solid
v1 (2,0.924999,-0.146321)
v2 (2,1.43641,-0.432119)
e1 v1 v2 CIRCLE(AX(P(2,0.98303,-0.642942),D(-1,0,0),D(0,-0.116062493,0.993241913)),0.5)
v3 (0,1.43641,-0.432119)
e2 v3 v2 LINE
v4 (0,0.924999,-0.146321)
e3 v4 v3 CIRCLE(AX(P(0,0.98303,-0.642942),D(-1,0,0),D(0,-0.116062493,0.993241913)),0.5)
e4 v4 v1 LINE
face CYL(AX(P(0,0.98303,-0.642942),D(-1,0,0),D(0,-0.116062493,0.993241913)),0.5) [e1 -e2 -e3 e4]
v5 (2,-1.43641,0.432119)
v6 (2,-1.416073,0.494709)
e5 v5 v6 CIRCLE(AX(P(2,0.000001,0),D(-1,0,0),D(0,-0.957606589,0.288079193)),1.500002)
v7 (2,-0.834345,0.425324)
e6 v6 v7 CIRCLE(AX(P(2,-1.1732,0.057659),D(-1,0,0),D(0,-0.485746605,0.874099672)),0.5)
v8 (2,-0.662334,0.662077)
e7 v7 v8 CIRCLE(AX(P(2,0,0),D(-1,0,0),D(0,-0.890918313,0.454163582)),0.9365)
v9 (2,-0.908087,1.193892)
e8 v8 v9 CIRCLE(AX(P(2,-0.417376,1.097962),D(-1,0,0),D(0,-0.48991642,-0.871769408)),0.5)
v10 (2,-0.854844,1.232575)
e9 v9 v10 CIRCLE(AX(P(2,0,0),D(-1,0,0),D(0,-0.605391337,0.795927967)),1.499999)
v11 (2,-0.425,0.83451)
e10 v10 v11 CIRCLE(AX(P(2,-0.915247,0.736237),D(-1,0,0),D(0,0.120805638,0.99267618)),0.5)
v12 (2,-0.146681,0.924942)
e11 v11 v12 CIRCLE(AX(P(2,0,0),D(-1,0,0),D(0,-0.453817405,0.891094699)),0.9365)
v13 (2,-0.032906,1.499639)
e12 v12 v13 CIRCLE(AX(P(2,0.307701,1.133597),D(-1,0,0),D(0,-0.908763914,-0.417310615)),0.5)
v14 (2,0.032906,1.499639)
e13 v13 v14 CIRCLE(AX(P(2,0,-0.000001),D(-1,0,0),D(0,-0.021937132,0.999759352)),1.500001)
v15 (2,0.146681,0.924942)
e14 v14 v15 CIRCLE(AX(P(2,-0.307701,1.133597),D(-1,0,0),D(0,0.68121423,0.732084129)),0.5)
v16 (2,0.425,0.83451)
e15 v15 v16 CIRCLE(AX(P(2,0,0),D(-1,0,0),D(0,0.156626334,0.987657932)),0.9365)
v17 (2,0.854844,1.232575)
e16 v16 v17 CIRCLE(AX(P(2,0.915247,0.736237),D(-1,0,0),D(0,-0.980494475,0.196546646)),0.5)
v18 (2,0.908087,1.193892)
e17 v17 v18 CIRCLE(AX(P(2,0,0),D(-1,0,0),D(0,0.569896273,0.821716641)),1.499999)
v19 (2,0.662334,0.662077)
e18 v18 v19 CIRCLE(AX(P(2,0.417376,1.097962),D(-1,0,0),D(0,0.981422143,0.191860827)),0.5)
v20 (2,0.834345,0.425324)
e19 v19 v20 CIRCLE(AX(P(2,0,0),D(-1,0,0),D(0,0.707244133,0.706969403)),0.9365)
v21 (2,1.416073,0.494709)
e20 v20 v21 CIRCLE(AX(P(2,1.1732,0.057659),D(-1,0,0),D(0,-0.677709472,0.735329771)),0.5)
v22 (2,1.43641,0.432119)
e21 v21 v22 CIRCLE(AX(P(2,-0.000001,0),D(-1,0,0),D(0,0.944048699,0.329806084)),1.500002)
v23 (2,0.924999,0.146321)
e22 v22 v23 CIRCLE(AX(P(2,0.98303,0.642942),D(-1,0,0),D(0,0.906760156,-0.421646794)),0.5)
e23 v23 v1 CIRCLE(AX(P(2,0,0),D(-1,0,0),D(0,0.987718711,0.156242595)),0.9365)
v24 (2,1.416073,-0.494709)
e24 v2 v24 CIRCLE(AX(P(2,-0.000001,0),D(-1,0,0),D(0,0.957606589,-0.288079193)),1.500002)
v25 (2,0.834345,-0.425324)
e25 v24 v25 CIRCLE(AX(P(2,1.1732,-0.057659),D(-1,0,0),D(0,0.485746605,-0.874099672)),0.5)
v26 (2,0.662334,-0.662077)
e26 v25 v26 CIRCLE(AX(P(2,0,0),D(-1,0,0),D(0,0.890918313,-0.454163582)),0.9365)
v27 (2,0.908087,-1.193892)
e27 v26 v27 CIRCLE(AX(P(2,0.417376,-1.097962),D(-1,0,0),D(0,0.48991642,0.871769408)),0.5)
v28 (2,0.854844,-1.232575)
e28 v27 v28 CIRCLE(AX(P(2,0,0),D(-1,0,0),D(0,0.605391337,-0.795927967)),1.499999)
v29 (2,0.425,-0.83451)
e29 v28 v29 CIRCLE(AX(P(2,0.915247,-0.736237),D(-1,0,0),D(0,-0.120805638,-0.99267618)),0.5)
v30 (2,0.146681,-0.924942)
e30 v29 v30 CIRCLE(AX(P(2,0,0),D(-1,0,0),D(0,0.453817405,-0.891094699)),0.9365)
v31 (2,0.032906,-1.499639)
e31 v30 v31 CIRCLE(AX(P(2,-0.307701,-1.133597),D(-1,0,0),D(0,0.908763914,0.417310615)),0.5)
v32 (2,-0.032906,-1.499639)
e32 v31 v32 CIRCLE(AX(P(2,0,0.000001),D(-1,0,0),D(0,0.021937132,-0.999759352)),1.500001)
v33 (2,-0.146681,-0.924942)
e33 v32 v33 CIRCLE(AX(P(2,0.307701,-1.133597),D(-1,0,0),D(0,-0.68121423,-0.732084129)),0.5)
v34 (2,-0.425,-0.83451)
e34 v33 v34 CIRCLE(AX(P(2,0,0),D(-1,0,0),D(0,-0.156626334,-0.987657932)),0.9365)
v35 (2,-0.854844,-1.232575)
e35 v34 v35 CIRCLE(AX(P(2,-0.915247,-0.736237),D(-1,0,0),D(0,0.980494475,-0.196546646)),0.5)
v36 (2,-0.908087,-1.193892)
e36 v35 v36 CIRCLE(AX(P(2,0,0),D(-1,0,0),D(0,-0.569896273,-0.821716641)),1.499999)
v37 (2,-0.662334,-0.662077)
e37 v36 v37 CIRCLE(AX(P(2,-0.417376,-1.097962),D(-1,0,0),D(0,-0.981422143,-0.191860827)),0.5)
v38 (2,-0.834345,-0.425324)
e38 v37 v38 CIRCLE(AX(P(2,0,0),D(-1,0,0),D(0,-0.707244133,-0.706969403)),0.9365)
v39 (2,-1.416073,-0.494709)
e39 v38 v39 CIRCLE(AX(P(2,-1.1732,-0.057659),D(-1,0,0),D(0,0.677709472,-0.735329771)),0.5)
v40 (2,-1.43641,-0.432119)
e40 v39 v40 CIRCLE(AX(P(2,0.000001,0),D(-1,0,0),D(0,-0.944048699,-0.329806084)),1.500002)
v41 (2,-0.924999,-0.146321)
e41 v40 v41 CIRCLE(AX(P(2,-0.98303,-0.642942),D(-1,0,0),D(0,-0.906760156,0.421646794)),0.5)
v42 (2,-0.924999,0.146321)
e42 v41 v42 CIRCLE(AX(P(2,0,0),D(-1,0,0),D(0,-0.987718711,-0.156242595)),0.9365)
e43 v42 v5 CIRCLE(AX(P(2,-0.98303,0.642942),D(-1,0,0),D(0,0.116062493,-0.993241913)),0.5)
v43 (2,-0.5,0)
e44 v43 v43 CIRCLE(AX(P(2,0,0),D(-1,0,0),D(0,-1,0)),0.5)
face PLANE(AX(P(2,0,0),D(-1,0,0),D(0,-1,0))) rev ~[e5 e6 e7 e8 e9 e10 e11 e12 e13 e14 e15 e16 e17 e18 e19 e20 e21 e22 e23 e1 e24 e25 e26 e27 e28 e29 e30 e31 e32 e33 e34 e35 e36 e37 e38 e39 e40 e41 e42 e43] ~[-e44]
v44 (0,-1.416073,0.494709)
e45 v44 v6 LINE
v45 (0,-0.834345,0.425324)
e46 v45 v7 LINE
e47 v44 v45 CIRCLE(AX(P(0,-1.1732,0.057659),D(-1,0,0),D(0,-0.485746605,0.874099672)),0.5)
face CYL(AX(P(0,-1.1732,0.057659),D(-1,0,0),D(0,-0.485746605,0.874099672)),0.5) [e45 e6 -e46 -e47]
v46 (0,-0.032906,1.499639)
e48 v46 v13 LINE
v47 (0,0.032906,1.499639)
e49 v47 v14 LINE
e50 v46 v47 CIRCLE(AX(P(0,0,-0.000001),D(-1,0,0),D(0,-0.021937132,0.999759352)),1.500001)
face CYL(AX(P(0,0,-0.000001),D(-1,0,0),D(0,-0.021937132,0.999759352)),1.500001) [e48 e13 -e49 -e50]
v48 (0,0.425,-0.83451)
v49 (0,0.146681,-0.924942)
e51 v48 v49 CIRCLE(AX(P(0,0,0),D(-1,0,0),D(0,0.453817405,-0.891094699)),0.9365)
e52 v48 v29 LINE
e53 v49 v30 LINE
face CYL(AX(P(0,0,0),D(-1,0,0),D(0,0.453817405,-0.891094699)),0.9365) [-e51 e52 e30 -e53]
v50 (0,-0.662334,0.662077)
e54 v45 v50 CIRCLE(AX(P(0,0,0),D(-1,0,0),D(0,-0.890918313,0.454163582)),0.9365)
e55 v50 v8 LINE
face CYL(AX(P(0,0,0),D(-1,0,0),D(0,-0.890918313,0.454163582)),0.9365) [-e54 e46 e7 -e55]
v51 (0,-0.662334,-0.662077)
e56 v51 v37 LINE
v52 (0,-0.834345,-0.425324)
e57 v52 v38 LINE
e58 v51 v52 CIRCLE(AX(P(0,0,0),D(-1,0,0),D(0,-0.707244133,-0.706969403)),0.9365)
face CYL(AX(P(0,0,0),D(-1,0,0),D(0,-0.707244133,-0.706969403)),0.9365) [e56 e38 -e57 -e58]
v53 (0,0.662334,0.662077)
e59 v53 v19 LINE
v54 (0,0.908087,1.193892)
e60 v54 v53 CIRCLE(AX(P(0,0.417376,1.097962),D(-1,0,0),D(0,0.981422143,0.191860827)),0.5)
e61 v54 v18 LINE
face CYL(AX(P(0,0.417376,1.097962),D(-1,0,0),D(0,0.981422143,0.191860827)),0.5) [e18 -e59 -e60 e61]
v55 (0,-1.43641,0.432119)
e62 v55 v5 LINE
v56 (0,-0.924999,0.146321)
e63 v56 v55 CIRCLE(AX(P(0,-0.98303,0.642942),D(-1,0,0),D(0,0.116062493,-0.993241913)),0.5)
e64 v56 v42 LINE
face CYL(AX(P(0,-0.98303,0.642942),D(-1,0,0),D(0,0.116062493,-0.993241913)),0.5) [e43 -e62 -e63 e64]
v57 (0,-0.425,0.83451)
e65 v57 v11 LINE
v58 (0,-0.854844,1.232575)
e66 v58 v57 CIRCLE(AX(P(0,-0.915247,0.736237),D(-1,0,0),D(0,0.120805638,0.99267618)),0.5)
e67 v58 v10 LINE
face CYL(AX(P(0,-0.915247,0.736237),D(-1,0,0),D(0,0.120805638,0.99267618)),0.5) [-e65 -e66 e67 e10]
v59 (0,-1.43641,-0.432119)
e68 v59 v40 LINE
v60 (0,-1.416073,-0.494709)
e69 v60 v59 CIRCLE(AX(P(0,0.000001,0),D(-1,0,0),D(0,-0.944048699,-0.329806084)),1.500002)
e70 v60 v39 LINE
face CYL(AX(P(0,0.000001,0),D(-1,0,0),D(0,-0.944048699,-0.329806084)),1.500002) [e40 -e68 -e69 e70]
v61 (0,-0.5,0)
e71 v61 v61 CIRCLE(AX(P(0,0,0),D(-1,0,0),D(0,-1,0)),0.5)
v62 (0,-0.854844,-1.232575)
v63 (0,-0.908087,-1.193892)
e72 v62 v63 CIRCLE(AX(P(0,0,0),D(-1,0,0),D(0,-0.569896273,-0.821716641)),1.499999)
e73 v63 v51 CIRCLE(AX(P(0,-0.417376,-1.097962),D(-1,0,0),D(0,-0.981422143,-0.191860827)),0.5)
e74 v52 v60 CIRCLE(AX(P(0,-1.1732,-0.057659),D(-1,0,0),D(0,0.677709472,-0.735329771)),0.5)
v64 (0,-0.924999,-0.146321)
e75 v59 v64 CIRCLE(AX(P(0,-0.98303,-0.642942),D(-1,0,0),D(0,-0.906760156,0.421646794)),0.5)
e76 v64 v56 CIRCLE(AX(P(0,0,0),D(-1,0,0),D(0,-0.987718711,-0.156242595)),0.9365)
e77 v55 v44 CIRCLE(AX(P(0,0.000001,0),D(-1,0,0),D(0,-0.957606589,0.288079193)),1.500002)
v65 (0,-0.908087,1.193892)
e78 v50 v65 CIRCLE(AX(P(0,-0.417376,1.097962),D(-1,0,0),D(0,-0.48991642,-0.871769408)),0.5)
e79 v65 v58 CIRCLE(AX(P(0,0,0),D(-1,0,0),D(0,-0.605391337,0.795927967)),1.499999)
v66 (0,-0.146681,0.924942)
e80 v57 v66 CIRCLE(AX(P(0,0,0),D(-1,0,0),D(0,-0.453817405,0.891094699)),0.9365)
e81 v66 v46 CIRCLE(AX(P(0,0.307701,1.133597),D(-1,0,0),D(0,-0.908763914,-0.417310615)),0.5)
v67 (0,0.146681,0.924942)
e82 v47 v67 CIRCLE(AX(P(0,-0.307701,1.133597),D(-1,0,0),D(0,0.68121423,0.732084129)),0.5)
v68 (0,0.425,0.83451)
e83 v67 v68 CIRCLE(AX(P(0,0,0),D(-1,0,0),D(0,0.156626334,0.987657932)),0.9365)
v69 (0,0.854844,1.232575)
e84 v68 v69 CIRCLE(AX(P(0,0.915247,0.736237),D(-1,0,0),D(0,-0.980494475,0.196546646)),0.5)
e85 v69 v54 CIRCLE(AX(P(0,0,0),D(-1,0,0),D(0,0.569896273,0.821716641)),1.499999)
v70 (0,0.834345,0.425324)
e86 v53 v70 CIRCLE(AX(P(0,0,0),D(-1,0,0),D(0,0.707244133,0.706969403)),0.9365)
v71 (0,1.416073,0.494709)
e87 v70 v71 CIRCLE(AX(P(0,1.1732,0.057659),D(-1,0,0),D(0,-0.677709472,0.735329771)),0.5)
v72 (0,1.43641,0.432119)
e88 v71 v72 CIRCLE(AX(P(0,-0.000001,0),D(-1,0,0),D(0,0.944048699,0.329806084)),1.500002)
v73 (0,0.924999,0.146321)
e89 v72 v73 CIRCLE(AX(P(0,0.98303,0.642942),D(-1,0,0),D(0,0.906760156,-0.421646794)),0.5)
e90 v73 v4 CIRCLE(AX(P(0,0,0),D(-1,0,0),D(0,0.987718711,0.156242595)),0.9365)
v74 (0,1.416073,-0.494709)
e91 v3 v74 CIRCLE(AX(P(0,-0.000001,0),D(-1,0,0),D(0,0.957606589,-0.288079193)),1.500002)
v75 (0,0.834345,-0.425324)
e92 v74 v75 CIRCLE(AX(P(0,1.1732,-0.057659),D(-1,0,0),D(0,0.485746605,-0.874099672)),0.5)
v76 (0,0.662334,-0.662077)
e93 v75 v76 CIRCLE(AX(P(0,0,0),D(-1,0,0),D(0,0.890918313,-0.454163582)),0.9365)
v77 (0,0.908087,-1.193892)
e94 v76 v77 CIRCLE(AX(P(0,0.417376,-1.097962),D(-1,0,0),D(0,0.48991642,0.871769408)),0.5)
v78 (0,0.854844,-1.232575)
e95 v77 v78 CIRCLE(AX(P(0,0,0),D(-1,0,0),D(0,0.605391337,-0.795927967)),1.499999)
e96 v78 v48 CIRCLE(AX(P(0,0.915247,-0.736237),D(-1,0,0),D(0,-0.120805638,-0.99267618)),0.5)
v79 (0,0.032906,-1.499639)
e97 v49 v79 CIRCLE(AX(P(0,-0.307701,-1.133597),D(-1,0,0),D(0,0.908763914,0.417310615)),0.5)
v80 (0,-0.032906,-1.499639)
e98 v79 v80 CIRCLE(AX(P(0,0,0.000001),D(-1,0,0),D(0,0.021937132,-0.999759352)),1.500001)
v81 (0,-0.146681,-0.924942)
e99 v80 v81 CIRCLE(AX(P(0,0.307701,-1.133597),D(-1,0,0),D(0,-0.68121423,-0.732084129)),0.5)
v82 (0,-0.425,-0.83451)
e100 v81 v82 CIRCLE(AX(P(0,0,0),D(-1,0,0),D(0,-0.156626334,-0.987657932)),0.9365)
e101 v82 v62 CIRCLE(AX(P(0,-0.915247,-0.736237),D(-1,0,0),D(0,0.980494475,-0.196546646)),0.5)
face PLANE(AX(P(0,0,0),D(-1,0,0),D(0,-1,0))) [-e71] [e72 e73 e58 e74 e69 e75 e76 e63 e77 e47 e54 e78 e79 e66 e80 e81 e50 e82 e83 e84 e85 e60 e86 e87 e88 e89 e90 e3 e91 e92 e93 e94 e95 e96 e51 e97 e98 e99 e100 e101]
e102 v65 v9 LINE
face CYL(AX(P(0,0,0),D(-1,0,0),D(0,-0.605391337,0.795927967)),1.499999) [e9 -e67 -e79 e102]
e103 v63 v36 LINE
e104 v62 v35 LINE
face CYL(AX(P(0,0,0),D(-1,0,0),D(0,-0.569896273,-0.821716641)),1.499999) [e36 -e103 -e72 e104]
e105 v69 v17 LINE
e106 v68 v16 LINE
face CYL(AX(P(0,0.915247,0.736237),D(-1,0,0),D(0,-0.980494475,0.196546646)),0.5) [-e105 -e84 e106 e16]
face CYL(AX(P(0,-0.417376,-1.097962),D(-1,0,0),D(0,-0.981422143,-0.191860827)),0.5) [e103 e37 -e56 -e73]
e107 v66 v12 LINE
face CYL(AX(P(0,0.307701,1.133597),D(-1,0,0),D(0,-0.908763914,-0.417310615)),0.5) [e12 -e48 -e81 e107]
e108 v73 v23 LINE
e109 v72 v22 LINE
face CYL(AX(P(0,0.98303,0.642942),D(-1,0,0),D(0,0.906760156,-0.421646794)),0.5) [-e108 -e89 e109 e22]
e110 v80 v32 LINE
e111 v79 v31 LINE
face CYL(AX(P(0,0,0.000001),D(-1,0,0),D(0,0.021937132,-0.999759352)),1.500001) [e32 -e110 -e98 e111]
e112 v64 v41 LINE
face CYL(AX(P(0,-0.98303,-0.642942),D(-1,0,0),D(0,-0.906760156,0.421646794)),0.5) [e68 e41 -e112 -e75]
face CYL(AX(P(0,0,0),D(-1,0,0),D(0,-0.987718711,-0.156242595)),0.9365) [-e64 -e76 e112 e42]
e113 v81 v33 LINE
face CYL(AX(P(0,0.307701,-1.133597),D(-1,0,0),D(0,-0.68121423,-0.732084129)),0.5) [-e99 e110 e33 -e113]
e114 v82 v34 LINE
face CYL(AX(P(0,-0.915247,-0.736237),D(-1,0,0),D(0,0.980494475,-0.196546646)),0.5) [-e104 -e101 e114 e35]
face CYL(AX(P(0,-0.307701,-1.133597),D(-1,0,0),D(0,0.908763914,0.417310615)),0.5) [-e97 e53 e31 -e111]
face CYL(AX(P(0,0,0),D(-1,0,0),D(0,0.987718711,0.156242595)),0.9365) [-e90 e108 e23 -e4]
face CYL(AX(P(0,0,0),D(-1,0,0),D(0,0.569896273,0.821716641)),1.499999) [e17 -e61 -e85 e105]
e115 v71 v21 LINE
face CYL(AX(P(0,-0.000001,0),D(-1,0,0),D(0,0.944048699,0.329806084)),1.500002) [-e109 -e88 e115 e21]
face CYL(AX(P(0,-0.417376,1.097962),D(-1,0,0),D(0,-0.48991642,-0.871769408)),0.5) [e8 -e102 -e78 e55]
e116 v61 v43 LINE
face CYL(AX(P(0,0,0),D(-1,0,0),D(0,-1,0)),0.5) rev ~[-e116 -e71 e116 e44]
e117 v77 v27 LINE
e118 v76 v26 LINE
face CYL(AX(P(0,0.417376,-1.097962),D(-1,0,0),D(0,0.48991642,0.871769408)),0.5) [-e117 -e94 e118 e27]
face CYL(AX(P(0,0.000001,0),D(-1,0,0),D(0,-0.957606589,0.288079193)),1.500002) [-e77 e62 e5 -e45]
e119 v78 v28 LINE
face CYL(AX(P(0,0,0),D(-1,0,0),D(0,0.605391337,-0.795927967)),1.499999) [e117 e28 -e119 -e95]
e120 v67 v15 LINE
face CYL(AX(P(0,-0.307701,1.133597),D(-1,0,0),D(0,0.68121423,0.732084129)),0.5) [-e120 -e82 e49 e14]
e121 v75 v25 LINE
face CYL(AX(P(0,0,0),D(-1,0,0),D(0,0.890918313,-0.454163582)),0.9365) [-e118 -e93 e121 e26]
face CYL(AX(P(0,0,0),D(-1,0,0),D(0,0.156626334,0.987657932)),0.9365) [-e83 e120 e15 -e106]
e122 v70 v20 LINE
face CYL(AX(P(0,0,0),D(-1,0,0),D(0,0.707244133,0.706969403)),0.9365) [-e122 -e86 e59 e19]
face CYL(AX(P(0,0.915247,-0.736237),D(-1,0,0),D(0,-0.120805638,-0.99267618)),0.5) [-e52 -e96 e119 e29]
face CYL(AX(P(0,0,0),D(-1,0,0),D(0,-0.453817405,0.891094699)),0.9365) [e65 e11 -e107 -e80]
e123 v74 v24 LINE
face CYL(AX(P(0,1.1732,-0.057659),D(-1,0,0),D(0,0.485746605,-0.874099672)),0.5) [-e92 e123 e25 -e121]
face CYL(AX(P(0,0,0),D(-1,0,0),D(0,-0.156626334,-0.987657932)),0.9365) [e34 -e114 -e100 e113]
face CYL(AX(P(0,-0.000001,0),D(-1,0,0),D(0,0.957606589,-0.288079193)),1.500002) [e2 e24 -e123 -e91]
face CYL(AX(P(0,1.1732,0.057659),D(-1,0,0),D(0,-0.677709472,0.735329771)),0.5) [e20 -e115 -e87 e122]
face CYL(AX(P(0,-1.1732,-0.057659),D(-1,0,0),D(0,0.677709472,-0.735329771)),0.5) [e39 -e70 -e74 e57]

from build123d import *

# Parameters (mm, degrees)
ESQUISSE1_R        = 0.5
BOSS_EXTRU_1_DEPTH = 2


with BuildPart() as part:
    # Esquisse1 → Boss.-Extru.1 (new body)
    with BuildSketch(Plane(origin=(0, 0, 0), x_dir=(0, -1, 0), z_dir=(-1, 0, 0))):
        with BuildLine():
            ThreePointArc((-0.908086992, -1.193891961), (-0.881677878, -1.213525492), (-0.854844416, -1.232574957))
            ThreePointArc((-0.854844416, -1.232574957), (-0.575515338, -1.103091387), (-0.424999995, -0.834510188))
            ThreePointArc((-0.424999995, -0.834510188), (-0.289394415, -0.890664428), (-0.146680563, -0.924941654))
            ThreePointArc((-0.146680563, -0.924941654), (-0.18277916, -1.230699107), (-0.032905721, -1.499639028))
            ThreePointArc((-0.032905721, -1.499639028), (0, -1.5), (0.032905721, -1.499639028))
            ThreePointArc((0.032905721, -1.499639028), (0.18277916, -1.230699107), (0.146680563, -0.924941654))
            ThreePointArc((0.146680563, -0.924941654), (0.289394415, -0.890664428), (0.424999995, -0.834510188))
            ThreePointArc((0.424999995, -0.834510188), (0.575515338, -1.103091387), (0.854844416, -1.232574957))
            ThreePointArc((0.854844416, -1.232574957), (0.881677878, -1.213525492), (0.908086992, -1.193891961))
            ThreePointArc((0.908086992, -1.193891961), (0.871258232, -0.888221597), (0.662334131, -0.662076845))
            ThreePointArc((0.662334131, -0.662076845), (0.757644415, -0.550460889), (0.834345, -0.425324195))
            ThreePointArc((0.834345, -0.425324195), (1.113982538, -0.55414025), (1.416073042, -0.494709146))
            ThreePointArc((1.416073042, -0.494709146), (1.426584774, -0.463525492), (1.436409897, -0.432118744))
            ThreePointArc((1.436409897, -0.432118744), (1.226946272, -0.206473627), (0.924998573, -0.146321185))
            ThreePointArc((0.924998573, -0.146321185), (0.9365, 0), (0.924998573, 0.146321185))
            ThreePointArc((0.924998573, 0.146321185), (1.226946272, 0.206473627), (1.436409897, 0.432118744))
            ThreePointArc((1.436409897, 0.432118744), (1.426584774, 0.463525492), (1.416073042, 0.494709146))
            ThreePointArc((1.416073042, 0.494709146), (1.113982538, 0.55414025), (0.834345, 0.425324195))
            ThreePointArc((0.834345, 0.425324195), (0.757644415, 0.550460889), (0.662334131, 0.662076845))
            ThreePointArc((0.662334131, 0.662076845), (0.871258232, 0.888221597), (0.908086992, 1.193891961))
            ThreePointArc((0.908086992, 1.193891961), (0.881677878, 1.213525492), (0.854844416, 1.232574957))
            ThreePointArc((0.854844416, 1.232574957), (0.575515338, 1.103091387), (0.424999995, 0.834510188))
            ThreePointArc((0.424999995, 0.834510188), (0.289394415, 0.890664428), (0.146680563, 0.924941654))
            ThreePointArc((0.146680563, 0.924941654), (0.18277916, 1.230699107), (0.032905721, 1.499639028))
            ThreePointArc((0.032905721, 1.499639028), (0, 1.5), (-0.032905721, 1.499639028))
            ThreePointArc((-0.032905721, 1.499639028), (-0.18277916, 1.230699107), (-0.146680563, 0.924941654))
            ThreePointArc((-0.146680563, 0.924941654), (-0.289394415, 0.890664428), (-0.424999995, 0.834510188))
            ThreePointArc((-0.424999995, 0.834510188), (-0.575515338, 1.103091387), (-0.854844416, 1.232574957))
            ThreePointArc((-0.854844416, 1.232574957), (-0.881677878, 1.213525492), (-0.908086992, 1.193891961))
            ThreePointArc((-0.908086992, 1.193891961), (-0.871258232, 0.888221597), (-0.662334131, 0.662076845))
            ThreePointArc((-0.662334131, 0.662076845), (-0.757644415, 0.550460889), (-0.834345, 0.425324195))
            ThreePointArc((-0.834345, 0.425324195), (-1.113982538, 0.55414025), (-1.416073042, 0.494709146))
            ThreePointArc((-1.416073042, 0.494709146), (-1.426584774, 0.463525492), (-1.436409897, 0.432118744))
            ThreePointArc((-1.436409897, 0.432118744), (-1.226946272, 0.206473627), (-0.924998573, 0.146321185))
            ThreePointArc((-0.924998573, 0.146321185), (-0.9365, 0), (-0.924998573, -0.146321185))
            ThreePointArc((-0.924998573, -0.146321185), (-1.226946272, -0.206473627), (-1.436409897, -0.432118744))
            ThreePointArc((-1.436409897, -0.432118744), (-1.426584774, -0.463525492), (-1.416073042, -0.494709146))
            ThreePointArc((-1.416073042, -0.494709146), (-1.113982538, -0.55414025), (-0.834345, -0.425324195))
            ThreePointArc((-0.834345, -0.425324195), (-0.757644415, -0.550460889), (-0.662334131, -0.662076845))
            ThreePointArc((-0.662334131, -0.662076845), (-0.871258232, -0.888221597), (-0.908086992, -1.193891961))
        make_face()
        Circle(ESQUISSE1_R, mode=Mode.SUBTRACT)
    extrude(amount=-BOSS_EXTRU_1_DEPTH)


solid = part.part
